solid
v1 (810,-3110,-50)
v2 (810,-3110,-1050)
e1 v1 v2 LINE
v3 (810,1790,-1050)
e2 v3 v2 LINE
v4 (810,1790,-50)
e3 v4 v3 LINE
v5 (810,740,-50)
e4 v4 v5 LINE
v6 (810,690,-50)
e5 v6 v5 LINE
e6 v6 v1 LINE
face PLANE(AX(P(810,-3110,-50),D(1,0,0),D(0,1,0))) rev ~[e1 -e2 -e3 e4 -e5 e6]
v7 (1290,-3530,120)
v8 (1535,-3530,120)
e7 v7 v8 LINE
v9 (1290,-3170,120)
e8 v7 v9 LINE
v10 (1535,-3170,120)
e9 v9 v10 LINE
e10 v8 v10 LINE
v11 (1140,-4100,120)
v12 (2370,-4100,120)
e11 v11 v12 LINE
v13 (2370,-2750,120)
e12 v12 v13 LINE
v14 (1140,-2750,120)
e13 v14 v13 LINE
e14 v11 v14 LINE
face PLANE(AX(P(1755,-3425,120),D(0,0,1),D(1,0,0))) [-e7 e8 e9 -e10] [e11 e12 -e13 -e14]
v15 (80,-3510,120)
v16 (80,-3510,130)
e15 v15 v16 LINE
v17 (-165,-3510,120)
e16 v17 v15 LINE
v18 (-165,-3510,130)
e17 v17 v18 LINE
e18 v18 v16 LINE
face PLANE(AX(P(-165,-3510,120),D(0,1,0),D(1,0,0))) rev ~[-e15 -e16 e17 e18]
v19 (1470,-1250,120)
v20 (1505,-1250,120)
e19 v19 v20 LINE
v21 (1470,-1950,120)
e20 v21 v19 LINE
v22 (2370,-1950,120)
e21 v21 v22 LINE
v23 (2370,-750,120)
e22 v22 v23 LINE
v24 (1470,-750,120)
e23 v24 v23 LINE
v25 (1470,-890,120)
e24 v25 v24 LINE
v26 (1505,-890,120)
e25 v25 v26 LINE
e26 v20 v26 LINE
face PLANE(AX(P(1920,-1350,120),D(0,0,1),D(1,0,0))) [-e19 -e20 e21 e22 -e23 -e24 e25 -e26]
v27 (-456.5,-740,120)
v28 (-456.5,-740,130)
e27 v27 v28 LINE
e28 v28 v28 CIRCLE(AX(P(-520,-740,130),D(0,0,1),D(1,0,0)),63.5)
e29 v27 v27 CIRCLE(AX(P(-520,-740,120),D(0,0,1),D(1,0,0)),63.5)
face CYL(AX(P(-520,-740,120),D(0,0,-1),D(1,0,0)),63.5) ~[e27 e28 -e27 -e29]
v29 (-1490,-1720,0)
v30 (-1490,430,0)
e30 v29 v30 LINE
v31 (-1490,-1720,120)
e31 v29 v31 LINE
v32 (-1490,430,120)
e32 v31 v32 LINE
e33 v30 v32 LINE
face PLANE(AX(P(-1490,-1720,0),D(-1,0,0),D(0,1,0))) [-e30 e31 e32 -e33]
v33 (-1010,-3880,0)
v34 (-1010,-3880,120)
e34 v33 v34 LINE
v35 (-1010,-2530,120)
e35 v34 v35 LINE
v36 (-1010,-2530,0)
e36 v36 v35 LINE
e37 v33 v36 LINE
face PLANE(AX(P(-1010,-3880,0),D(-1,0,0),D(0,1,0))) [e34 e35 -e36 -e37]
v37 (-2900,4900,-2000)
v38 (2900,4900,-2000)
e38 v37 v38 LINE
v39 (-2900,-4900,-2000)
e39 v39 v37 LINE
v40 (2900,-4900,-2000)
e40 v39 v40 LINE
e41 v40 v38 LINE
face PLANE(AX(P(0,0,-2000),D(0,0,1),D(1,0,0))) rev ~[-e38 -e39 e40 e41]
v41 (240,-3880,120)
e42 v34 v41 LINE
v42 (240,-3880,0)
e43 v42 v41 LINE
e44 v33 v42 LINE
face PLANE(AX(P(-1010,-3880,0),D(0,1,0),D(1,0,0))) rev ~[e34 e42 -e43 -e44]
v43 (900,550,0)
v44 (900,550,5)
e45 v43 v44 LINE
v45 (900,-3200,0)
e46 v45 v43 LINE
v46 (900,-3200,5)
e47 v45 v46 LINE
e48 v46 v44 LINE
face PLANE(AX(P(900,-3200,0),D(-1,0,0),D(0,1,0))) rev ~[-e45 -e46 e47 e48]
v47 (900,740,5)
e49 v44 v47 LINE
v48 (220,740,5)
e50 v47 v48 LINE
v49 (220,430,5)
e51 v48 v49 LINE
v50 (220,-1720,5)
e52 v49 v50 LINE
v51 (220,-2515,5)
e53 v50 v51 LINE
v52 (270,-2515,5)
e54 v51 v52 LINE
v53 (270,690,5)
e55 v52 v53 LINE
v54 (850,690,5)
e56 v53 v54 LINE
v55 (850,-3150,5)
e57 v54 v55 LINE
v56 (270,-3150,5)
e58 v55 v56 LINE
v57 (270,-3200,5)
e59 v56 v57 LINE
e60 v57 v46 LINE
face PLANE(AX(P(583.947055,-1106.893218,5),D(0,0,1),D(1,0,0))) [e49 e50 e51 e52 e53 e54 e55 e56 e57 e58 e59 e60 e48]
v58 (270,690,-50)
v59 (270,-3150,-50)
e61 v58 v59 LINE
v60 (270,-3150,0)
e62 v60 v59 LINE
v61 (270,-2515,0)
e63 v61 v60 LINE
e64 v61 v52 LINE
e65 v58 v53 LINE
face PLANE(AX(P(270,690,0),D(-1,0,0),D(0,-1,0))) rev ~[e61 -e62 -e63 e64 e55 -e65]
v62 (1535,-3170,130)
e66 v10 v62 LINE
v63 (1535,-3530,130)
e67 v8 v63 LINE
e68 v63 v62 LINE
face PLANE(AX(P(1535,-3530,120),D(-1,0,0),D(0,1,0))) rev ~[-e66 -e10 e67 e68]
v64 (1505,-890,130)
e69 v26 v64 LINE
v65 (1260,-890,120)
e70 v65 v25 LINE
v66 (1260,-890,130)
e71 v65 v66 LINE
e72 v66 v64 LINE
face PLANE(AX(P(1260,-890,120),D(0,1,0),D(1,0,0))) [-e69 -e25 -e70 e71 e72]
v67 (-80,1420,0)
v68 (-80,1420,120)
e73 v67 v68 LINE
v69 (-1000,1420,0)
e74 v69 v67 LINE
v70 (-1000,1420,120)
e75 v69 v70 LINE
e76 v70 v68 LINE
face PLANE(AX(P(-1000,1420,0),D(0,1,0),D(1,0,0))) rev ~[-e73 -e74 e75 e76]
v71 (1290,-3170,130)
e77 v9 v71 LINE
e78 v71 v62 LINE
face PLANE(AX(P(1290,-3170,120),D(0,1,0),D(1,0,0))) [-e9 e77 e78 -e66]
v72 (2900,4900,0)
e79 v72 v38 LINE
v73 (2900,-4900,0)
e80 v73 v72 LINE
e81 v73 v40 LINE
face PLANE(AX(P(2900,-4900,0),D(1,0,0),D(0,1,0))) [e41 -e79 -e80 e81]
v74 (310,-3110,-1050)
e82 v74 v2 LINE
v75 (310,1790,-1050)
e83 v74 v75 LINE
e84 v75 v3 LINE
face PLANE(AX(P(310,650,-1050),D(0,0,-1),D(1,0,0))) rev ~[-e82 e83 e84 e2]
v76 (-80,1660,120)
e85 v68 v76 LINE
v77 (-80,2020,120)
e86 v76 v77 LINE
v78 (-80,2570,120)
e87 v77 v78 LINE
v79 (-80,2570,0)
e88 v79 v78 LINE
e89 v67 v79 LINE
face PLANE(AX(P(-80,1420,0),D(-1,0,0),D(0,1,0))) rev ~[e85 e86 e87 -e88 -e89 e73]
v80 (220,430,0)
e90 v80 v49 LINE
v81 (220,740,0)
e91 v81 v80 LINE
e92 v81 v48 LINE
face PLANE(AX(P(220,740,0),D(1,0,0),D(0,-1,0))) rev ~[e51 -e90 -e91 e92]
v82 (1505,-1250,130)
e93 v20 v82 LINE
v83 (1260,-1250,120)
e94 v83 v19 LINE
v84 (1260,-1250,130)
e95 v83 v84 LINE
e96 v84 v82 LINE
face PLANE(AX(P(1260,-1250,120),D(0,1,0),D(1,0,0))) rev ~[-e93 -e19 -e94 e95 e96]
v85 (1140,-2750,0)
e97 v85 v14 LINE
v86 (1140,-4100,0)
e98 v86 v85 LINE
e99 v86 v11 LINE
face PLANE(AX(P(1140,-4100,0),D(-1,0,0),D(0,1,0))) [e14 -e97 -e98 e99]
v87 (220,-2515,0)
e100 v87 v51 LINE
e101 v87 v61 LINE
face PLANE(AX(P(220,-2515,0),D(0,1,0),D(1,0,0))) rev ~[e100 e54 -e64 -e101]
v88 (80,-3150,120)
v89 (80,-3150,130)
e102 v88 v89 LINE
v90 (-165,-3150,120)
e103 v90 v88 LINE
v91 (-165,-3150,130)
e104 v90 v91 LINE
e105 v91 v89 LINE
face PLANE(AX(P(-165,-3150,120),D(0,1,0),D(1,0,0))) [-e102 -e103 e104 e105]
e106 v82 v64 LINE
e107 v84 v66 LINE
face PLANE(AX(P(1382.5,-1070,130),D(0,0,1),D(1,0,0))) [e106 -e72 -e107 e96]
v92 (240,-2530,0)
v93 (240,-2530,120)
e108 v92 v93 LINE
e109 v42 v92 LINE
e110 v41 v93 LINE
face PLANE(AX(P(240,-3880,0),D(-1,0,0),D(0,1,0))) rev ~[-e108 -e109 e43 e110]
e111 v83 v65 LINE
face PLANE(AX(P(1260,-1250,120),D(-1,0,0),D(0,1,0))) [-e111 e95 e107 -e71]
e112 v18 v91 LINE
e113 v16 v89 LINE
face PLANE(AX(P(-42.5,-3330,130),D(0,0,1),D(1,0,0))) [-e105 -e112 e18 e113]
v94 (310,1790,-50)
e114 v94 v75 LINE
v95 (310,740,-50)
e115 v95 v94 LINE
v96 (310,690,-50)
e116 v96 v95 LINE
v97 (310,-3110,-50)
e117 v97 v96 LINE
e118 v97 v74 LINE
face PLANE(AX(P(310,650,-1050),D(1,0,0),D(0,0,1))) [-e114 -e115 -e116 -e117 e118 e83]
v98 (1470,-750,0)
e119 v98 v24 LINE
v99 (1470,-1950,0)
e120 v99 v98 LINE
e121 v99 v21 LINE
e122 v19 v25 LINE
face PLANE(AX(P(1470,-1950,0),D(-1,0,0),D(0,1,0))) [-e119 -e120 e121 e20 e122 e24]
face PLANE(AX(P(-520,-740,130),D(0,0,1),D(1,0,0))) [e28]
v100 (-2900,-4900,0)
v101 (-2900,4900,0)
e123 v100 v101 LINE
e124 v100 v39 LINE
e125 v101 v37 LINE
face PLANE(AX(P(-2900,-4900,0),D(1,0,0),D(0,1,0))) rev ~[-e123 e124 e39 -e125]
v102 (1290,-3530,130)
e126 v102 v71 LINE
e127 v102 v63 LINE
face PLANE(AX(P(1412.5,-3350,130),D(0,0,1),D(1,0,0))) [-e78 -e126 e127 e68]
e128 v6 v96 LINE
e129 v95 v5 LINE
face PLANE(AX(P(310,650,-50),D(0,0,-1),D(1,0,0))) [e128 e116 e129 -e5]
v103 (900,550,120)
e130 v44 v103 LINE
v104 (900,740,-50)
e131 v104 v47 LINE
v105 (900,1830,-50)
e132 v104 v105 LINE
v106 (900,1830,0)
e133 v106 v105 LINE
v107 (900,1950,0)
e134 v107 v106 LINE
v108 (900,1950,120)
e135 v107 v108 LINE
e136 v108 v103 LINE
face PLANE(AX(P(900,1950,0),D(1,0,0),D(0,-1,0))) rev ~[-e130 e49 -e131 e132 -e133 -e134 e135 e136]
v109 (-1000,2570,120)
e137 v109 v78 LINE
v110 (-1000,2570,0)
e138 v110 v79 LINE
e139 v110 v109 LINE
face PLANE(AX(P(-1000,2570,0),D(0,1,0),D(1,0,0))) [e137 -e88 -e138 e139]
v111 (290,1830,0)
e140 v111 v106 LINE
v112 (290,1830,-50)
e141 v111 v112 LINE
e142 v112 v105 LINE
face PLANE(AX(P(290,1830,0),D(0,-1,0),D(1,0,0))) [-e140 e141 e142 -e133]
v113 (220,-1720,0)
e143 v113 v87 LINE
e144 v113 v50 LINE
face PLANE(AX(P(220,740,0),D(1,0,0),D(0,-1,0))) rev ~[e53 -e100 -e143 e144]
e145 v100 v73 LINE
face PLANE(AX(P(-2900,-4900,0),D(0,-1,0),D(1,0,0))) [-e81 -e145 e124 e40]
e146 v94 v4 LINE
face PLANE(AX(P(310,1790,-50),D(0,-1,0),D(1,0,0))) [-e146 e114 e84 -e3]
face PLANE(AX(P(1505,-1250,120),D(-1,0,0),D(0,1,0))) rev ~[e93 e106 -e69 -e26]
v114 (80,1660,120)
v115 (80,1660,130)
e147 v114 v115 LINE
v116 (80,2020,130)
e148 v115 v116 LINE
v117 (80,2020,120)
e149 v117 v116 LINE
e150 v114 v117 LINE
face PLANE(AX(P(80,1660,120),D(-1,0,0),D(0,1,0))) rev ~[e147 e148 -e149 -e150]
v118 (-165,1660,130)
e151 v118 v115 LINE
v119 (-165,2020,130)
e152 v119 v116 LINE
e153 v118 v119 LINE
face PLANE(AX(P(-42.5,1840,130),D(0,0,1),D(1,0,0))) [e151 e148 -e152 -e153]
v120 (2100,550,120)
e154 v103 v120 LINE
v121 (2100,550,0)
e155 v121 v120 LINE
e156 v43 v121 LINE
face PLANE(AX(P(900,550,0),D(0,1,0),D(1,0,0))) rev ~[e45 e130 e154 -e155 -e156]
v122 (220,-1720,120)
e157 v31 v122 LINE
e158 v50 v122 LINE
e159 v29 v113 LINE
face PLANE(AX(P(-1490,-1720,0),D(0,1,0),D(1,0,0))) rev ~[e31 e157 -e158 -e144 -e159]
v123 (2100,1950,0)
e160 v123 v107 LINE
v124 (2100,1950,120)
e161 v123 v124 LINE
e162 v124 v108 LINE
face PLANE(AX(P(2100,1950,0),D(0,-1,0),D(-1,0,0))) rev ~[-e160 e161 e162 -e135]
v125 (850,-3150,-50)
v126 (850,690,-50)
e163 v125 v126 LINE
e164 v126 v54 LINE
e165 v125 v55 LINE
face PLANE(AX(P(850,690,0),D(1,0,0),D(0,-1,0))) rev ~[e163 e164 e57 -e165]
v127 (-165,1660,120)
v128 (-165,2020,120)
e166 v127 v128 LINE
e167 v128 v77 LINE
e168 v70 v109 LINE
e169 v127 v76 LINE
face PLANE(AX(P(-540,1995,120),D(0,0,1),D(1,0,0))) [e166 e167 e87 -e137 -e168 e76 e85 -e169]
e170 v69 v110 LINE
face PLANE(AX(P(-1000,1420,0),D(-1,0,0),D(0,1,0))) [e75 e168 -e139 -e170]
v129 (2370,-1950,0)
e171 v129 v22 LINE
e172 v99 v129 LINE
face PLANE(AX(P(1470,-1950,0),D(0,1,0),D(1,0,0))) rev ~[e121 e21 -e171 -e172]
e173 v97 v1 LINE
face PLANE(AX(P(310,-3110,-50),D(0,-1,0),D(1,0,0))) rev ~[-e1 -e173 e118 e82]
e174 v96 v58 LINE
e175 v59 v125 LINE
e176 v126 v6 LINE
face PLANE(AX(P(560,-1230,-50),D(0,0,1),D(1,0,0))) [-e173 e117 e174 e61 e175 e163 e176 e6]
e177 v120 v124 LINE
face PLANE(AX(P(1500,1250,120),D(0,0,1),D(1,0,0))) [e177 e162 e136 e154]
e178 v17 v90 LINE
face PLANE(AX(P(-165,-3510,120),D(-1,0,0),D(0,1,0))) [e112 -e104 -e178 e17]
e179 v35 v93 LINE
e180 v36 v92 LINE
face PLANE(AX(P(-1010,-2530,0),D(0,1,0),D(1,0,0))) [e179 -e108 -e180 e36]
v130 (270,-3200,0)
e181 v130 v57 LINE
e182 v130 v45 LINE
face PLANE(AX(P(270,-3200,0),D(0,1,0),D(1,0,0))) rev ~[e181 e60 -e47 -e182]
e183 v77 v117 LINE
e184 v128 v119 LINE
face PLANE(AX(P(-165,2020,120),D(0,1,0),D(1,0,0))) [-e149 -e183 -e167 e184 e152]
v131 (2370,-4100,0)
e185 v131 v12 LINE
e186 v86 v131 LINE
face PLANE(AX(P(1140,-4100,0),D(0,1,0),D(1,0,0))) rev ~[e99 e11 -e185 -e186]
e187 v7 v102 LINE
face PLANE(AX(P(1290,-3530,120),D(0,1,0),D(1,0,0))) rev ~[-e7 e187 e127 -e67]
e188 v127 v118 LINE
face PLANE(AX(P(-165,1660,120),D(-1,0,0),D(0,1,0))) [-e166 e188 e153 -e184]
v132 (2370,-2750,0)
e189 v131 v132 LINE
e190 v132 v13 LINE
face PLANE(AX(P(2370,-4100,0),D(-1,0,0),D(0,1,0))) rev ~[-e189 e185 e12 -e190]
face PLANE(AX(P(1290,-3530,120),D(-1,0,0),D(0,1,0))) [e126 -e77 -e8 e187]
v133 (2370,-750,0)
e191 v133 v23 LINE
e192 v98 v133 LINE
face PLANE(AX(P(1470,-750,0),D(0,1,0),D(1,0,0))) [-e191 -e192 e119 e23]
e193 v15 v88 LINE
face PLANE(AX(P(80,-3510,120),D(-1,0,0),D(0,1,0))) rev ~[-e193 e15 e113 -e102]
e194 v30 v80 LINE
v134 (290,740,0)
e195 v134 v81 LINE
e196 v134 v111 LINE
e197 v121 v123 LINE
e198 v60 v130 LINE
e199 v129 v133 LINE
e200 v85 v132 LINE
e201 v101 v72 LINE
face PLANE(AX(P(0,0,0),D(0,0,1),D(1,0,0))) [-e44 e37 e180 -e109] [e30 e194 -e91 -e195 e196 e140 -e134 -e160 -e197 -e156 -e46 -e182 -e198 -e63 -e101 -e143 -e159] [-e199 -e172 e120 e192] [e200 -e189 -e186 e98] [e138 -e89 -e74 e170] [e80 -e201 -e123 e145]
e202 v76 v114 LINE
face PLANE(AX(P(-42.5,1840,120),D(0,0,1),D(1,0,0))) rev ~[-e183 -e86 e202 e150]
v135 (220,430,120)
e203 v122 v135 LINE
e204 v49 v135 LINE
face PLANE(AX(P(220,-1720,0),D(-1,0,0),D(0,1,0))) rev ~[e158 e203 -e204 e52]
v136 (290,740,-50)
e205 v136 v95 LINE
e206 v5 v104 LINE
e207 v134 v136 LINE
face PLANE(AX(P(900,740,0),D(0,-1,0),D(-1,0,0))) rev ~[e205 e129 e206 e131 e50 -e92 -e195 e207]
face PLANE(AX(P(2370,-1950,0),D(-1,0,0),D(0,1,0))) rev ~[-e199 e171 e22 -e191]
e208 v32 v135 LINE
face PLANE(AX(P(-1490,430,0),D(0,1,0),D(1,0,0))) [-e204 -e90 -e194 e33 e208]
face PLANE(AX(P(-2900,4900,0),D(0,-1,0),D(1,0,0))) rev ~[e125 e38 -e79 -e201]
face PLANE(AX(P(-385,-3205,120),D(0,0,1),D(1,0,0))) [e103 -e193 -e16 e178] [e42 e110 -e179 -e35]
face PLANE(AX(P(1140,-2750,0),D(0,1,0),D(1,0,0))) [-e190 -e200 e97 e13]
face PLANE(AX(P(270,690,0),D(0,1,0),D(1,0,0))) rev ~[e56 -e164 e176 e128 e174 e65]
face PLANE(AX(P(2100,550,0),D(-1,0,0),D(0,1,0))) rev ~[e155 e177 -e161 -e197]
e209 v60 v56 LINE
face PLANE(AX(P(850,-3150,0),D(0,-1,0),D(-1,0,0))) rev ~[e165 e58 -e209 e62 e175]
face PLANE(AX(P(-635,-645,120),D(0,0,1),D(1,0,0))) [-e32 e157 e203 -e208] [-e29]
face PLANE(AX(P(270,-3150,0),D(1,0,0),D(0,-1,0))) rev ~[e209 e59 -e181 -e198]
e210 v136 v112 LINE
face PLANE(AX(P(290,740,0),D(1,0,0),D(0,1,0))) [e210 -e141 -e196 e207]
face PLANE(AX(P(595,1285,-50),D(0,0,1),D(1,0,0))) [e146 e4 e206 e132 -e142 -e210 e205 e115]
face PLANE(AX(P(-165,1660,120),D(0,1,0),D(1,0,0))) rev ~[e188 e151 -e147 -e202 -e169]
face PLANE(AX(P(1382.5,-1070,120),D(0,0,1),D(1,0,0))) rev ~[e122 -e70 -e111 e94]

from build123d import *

# Parameters (mm, degrees)
F0_W      = 5800
F0_H      = 9800
F1_DEPTH  = 2000
F2_W      = 920
F2_H      = 1150
F2_W_2    = 900
F2_H_2    = 1200
F2_W_3    = 1230
F2_H_3    = 1350
F2_W_4    = 1710
F2_H_4    = 2150
F2_W_5    = 1250
F3_DEPTH  = 120
F4_DEPTH  = 5
F5_W      = 610
F5_H      = 1090
F6_DEPTH  = 50
F7_W      = 500
F7_H      = 1010
F8_DEPTH  = 1000
F9_W      = 500
F9_H      = 1000
F10_DEPTH = 290
F11_W     = 245
F11_H     = 360
F11_R     = 63.5
F12_DEPTH = 10


with BuildPart() as f1:
    # F0 (on Top) → F1 (new body)
    with BuildSketch(Plane.XY):
        Rectangle(F0_W, F0_H)
    extrude(amount=-F1_DEPTH)

    # F2 (on face) → F3 (join)
    with BuildSketch(Plane.XY):
        with Locations((-540, 1995)):
            Rectangle(F2_W, F2_H)
        with Locations((1920, -1350)):
            Rectangle(F2_W_2, F2_H_2)
        with Locations((1755, -3425)):
            Rectangle(F2_W_3, F2_H_3)
        with Locations((-635, -645)):
            Rectangle(F2_W_4, F2_H_4)
        with Locations((-385, -3205)):
            Rectangle(F2_W_5, F2_H_3)
        Polygon((900, 550), (2100, 550), (2100, 1950), (900, 1950), (900, 1830), (900, 740), align=None)
    extrude(amount=F3_DEPTH)

    # F2 (on face) → F4 (join)
    with BuildSketch(Plane.XY):
        Polygon((900, -3200), (900, 550), (900, 740), (290, 740), (220, 740), (220, 430), (220, -1720), (220, -2515), (270, -2515), (270, 690), (850, 690), (850, -3150), (270, -3150), (270, -3200), align=None)
    extrude(amount=F4_DEPTH)

    # F5 (on face) → F6 (cut)
    with BuildSketch(Plane.XY):
        Polygon((850, 690), (270, 690), (270, -2515), (270, -3150), (850, -3150), align=None)
        with Locations((595, 1285)):
            Rectangle(F5_W, F5_H)
    extrude(amount=-F6_DEPTH, mode=Mode.SUBTRACT)

    # F7 (on face) → F8 (cut)
    with BuildSketch(Plane.XY.offset(-50)):
        Polygon((810, 650), (310, 650), (310, -2515), (310, -3110), (810, -3110), align=None)
        with Locations((560, 1285)):
            Rectangle(F7_W, F7_H)
    extrude(amount=-F8_DEPTH, mode=Mode.SUBTRACT)

    # F9 (on face) → F10 (cut)
    with BuildSketch(Plane.XZ.offset(-650)):
        with Locations((560, -550)):
            Rectangle(F9_W, F9_H)
    extrude(amount=-F10_DEPTH, mode=Mode.SUBTRACT)

    # F11 (on face) → F12 (join)
    with BuildSketch(Plane.XY.offset(120)):
        with Locations((-42.5, 1840)):
            Rectangle(F11_W, F11_H)
        with Locations((-520, -740)):
            Circle(F11_R)
        with Locations((-42.5, -3330)):
            Rectangle(F11_W, F11_H)
        with Locations((1412.5, -3350)):
            Rectangle(F11_W, F11_H)
        with Locations((1382.5, -1070)):
            Rectangle(F11_W, F11_H)
    extrude(amount=F12_DEPTH)


solid = f1.part
